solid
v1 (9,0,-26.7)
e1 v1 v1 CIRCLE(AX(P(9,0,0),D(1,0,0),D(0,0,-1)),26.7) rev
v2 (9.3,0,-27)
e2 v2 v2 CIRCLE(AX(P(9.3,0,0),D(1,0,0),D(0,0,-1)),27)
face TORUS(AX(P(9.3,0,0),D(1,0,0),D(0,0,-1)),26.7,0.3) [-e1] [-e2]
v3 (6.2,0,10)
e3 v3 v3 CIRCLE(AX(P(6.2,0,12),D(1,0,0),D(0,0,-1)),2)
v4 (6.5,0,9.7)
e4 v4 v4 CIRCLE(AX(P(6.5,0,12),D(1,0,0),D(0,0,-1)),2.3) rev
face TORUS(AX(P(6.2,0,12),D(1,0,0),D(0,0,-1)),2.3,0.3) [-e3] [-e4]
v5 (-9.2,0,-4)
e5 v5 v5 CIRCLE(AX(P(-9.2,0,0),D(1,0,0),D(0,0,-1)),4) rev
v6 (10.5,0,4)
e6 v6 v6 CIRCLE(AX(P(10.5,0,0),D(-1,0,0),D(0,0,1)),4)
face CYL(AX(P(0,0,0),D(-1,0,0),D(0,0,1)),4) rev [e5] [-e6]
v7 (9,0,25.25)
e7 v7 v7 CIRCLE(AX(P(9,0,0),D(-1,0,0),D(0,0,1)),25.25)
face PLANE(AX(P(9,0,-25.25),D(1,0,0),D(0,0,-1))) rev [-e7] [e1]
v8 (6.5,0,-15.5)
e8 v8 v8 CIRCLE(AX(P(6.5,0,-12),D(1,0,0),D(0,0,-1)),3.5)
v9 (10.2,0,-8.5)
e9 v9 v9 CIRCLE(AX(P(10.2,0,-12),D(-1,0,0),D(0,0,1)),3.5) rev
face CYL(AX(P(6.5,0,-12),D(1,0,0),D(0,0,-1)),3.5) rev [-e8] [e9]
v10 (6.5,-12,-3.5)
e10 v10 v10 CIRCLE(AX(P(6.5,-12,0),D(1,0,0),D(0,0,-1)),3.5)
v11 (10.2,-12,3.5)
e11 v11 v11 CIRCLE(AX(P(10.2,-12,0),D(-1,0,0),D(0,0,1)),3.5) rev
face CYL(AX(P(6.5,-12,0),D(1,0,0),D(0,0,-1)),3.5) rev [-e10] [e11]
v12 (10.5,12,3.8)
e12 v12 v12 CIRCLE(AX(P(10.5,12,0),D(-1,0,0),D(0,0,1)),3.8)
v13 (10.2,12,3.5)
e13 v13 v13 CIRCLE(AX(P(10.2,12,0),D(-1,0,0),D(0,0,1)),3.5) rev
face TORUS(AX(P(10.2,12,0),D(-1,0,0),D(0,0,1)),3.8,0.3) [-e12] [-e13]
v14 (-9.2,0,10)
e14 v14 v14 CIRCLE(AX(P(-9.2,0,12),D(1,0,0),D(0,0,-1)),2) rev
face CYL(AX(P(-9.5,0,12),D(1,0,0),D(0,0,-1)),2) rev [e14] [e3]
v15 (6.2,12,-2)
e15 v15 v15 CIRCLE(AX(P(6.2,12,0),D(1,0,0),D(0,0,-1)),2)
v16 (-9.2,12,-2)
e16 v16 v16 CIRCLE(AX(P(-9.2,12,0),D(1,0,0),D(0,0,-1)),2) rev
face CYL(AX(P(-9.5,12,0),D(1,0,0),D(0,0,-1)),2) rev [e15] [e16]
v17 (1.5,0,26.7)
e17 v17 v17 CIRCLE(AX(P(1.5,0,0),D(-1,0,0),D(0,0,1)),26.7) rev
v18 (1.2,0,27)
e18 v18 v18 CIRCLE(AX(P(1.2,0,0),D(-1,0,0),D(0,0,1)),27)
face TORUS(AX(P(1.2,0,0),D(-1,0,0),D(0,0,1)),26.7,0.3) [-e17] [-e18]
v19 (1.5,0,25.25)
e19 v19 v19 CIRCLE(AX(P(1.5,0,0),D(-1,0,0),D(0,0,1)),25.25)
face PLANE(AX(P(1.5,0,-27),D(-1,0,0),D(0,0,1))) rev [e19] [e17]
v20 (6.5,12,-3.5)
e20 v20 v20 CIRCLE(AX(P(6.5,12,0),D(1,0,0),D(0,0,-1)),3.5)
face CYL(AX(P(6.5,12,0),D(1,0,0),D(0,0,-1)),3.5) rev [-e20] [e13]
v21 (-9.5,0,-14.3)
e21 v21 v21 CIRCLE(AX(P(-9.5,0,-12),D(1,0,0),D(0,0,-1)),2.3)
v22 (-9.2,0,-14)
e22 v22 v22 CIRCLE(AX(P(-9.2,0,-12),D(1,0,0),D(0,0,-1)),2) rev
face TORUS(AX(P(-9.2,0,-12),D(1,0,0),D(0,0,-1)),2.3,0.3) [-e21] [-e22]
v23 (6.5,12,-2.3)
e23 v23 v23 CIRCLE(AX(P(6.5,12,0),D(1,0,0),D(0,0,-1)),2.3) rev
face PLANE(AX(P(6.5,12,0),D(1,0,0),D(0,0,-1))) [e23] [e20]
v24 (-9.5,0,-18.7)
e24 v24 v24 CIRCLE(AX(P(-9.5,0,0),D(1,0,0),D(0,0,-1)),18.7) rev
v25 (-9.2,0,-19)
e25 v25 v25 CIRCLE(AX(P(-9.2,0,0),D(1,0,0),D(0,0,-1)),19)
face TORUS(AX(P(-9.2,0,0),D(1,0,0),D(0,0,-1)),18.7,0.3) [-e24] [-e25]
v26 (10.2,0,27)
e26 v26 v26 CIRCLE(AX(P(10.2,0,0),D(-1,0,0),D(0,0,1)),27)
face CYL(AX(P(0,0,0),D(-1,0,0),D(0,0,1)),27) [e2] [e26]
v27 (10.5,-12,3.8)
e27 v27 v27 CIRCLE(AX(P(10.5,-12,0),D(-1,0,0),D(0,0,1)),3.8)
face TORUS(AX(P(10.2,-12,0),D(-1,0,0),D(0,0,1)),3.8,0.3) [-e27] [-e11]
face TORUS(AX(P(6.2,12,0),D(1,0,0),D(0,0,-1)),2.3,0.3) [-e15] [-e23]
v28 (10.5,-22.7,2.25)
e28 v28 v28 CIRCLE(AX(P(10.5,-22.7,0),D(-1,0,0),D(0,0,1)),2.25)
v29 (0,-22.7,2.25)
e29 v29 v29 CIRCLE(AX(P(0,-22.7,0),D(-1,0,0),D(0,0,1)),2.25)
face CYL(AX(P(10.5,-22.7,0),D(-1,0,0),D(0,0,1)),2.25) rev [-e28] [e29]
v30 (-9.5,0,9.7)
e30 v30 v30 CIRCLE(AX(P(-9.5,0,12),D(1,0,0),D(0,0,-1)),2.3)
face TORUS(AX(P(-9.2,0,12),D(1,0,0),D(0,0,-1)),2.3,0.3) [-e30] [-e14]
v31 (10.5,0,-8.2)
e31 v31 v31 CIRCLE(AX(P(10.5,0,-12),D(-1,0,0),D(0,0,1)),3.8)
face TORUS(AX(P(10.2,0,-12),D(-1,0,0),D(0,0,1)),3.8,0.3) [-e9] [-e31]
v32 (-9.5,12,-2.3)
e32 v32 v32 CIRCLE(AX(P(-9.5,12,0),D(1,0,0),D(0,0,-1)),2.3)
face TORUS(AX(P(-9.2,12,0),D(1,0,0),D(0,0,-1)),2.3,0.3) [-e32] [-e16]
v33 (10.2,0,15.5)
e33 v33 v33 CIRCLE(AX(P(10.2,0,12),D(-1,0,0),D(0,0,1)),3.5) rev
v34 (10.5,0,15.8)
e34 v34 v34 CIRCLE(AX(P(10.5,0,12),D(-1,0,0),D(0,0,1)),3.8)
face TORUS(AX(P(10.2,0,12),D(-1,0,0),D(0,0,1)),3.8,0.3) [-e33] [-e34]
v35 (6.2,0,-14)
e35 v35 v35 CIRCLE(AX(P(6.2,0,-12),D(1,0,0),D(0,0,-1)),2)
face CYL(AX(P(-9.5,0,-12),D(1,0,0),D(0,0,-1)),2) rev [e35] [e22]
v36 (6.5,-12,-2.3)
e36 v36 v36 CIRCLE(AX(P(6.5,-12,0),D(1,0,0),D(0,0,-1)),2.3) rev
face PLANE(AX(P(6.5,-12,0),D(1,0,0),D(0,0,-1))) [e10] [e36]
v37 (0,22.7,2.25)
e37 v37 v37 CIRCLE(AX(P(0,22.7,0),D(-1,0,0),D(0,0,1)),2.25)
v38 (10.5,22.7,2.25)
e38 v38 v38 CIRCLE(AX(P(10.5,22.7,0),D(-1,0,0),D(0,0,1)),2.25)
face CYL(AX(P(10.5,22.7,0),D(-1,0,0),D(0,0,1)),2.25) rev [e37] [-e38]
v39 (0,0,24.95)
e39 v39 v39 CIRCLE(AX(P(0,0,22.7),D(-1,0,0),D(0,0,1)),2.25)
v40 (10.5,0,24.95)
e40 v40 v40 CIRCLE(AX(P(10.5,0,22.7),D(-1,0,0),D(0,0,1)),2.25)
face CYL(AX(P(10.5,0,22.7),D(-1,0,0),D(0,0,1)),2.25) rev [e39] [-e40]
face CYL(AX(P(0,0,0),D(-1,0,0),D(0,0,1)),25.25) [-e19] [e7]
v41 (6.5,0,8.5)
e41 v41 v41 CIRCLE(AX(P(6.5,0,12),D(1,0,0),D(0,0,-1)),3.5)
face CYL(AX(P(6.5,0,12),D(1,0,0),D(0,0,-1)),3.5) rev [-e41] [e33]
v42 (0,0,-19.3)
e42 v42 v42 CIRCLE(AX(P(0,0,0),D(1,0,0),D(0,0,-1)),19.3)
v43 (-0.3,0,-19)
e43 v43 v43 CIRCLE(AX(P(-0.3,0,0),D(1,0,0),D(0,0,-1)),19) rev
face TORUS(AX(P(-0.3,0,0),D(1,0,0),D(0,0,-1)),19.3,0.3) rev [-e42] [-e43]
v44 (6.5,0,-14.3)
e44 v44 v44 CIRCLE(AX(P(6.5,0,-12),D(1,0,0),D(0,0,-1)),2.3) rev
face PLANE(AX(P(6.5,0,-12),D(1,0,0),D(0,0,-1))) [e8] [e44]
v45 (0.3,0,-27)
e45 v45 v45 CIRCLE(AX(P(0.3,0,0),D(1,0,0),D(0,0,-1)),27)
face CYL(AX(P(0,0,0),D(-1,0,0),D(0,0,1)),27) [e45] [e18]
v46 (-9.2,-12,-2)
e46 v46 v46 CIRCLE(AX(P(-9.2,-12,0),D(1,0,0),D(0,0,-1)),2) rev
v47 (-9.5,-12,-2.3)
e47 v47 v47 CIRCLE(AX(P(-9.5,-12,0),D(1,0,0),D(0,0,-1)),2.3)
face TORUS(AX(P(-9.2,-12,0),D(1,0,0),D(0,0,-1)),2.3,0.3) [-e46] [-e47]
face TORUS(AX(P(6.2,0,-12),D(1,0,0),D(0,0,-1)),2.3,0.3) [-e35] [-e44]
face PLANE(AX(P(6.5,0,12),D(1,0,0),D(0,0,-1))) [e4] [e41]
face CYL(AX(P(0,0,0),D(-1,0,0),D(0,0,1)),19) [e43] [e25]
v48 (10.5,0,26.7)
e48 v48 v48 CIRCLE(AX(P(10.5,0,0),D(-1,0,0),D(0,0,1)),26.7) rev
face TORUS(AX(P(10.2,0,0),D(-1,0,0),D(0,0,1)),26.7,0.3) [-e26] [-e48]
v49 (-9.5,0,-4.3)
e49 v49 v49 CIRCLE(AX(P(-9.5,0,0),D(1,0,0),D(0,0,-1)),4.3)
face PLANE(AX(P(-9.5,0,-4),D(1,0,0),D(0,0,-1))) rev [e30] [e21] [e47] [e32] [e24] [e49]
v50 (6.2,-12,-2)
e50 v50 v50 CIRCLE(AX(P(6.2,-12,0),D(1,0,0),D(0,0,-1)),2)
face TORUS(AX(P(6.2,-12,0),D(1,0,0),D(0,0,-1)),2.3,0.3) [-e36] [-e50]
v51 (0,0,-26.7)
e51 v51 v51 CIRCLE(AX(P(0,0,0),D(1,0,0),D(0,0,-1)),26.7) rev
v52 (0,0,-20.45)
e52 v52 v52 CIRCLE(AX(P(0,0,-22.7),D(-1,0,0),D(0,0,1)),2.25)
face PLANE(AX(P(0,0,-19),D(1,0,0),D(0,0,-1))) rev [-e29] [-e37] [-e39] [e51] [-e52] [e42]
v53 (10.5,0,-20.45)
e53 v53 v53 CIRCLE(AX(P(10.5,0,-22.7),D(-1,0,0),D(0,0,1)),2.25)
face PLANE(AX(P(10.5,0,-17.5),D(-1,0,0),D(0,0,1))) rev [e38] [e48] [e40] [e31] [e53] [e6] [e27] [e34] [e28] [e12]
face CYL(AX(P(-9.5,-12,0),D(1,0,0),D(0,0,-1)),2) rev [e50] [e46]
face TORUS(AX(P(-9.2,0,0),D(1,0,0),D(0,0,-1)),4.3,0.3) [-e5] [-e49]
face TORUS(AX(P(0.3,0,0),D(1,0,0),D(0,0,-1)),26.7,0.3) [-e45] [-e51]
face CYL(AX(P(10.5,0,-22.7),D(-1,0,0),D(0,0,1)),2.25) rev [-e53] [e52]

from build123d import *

# Parameters (mm, degrees)
FILLET1_R          = 0.3
SKETCH2_R          = 2
CUT_EXTRUDE1_DEPTH = 21
SKETCH2_3_R        = 3.5
CUT_EXTRUDE2_DEPTH = 4
FILLET2_R          = 0.3
SKETCH3_R          = 2.25
CUT_EXTRUDE3_DEPTH = 11.5


with BuildPart() as part:
    # Sketch1 → Revolve1 (revolve)
    with BuildSketch(Plane(origin=(0, 0, 0), x_dir=(1, 0, 0), z_dir=(0, 1, 0))):
        Polygon((0, 19), (0, 27), (1.5, 27), (1.5, 25.25), (9, 25.25), (9, 27), (10.5, 27), (10.5, 17.5), (10.5, 4), (-9.5, 4), (-9.5, 19), align=None)
    revolve(axis=Axis((0, 0, 0), (1, 0, 0)))

    # Fillet1
    fillet1_edges = [part.edges().sort_by_distance(p)[0] for p in [
        (1.5, 0, 27),
        (0, 0, 27),
        (10.5, 0, 27),
        (9, 0, 27),
    ]]
    fillet(fillet1_edges, radius=FILLET1_R)

    # Sketch2 → Cut-Extrude1 (cut, through all)
    with BuildSketch(Plane(origin=(10.5, 0, 0), x_dir=(0, 0, -1), z_dir=(1, 0, 0))):
        with Locations((-12, 0)):
            Circle(SKETCH2_R)
        with Locations((0, 12)):
            Circle(SKETCH2_R)
        with Locations((12, 0)):
            Circle(SKETCH2_R)
        with Locations((0, -12)):
            Circle(SKETCH2_R)
    extrude(amount=-CUT_EXTRUDE1_DEPTH, mode=Mode.SUBTRACT)

    # Sketch2<3> → Cut-Extrude2 (cut)
    with BuildSketch(Plane(origin=(10.5, 0, 0), x_dir=(0, 0, -1), z_dir=(1, 0, 0))):
        with Locations((-12, 0)):
            Circle(SKETCH2_3_R)
        with Locations((0, 12)):
            Circle(SKETCH2_3_R)
        with Locations((12, 0)):
            Circle(SKETCH2_3_R)
        with Locations((0, -12)):
            Circle(SKETCH2_3_R)
    extrude(amount=-CUT_EXTRUDE2_DEPTH, mode=Mode.SUBTRACT)

    # Fillet2
    fillet2_edges = [part.edges().sort_by_distance(p)[0] for p in [
        (0, 0, 19),
        (-9.5, 0, 19),
        (-9.5, 0, 4),
        (-9.5, 0, 14),
        (-9.5, 12, 2),
        (-9.5, 0, -10),
        (-9.5, -12, 2),
        (10.5, 0, 15.5),
        (6.5, 0, 14),
        (10.5, -12, 3.5),
        (6.5, -12, 2),
        (10.5, 0, -8.5),
        (6.5, 0, -10),
        (10.5, 12, 3.5),
        (6.5, 12, 2),
    ]]
    fillet(fillet2_edges, radius=FILLET2_R)

    # Sketch3 → Cut-Extrude3 (cut, through all)
    with BuildSketch(Plane.ZY):
        with Locations((0, 22.7)):
            Circle(SKETCH3_R)
        with Locations((22.7, 0)):
            Circle(SKETCH3_R)
        with Locations((0, -22.7)):
            Circle(SKETCH3_R)
        with Locations((-22.7, 0)):
            Circle(SKETCH3_R)
    extrude(amount=-CUT_EXTRUDE3_DEPTH, mode=Mode.SUBTRACT)


solid = part.part
